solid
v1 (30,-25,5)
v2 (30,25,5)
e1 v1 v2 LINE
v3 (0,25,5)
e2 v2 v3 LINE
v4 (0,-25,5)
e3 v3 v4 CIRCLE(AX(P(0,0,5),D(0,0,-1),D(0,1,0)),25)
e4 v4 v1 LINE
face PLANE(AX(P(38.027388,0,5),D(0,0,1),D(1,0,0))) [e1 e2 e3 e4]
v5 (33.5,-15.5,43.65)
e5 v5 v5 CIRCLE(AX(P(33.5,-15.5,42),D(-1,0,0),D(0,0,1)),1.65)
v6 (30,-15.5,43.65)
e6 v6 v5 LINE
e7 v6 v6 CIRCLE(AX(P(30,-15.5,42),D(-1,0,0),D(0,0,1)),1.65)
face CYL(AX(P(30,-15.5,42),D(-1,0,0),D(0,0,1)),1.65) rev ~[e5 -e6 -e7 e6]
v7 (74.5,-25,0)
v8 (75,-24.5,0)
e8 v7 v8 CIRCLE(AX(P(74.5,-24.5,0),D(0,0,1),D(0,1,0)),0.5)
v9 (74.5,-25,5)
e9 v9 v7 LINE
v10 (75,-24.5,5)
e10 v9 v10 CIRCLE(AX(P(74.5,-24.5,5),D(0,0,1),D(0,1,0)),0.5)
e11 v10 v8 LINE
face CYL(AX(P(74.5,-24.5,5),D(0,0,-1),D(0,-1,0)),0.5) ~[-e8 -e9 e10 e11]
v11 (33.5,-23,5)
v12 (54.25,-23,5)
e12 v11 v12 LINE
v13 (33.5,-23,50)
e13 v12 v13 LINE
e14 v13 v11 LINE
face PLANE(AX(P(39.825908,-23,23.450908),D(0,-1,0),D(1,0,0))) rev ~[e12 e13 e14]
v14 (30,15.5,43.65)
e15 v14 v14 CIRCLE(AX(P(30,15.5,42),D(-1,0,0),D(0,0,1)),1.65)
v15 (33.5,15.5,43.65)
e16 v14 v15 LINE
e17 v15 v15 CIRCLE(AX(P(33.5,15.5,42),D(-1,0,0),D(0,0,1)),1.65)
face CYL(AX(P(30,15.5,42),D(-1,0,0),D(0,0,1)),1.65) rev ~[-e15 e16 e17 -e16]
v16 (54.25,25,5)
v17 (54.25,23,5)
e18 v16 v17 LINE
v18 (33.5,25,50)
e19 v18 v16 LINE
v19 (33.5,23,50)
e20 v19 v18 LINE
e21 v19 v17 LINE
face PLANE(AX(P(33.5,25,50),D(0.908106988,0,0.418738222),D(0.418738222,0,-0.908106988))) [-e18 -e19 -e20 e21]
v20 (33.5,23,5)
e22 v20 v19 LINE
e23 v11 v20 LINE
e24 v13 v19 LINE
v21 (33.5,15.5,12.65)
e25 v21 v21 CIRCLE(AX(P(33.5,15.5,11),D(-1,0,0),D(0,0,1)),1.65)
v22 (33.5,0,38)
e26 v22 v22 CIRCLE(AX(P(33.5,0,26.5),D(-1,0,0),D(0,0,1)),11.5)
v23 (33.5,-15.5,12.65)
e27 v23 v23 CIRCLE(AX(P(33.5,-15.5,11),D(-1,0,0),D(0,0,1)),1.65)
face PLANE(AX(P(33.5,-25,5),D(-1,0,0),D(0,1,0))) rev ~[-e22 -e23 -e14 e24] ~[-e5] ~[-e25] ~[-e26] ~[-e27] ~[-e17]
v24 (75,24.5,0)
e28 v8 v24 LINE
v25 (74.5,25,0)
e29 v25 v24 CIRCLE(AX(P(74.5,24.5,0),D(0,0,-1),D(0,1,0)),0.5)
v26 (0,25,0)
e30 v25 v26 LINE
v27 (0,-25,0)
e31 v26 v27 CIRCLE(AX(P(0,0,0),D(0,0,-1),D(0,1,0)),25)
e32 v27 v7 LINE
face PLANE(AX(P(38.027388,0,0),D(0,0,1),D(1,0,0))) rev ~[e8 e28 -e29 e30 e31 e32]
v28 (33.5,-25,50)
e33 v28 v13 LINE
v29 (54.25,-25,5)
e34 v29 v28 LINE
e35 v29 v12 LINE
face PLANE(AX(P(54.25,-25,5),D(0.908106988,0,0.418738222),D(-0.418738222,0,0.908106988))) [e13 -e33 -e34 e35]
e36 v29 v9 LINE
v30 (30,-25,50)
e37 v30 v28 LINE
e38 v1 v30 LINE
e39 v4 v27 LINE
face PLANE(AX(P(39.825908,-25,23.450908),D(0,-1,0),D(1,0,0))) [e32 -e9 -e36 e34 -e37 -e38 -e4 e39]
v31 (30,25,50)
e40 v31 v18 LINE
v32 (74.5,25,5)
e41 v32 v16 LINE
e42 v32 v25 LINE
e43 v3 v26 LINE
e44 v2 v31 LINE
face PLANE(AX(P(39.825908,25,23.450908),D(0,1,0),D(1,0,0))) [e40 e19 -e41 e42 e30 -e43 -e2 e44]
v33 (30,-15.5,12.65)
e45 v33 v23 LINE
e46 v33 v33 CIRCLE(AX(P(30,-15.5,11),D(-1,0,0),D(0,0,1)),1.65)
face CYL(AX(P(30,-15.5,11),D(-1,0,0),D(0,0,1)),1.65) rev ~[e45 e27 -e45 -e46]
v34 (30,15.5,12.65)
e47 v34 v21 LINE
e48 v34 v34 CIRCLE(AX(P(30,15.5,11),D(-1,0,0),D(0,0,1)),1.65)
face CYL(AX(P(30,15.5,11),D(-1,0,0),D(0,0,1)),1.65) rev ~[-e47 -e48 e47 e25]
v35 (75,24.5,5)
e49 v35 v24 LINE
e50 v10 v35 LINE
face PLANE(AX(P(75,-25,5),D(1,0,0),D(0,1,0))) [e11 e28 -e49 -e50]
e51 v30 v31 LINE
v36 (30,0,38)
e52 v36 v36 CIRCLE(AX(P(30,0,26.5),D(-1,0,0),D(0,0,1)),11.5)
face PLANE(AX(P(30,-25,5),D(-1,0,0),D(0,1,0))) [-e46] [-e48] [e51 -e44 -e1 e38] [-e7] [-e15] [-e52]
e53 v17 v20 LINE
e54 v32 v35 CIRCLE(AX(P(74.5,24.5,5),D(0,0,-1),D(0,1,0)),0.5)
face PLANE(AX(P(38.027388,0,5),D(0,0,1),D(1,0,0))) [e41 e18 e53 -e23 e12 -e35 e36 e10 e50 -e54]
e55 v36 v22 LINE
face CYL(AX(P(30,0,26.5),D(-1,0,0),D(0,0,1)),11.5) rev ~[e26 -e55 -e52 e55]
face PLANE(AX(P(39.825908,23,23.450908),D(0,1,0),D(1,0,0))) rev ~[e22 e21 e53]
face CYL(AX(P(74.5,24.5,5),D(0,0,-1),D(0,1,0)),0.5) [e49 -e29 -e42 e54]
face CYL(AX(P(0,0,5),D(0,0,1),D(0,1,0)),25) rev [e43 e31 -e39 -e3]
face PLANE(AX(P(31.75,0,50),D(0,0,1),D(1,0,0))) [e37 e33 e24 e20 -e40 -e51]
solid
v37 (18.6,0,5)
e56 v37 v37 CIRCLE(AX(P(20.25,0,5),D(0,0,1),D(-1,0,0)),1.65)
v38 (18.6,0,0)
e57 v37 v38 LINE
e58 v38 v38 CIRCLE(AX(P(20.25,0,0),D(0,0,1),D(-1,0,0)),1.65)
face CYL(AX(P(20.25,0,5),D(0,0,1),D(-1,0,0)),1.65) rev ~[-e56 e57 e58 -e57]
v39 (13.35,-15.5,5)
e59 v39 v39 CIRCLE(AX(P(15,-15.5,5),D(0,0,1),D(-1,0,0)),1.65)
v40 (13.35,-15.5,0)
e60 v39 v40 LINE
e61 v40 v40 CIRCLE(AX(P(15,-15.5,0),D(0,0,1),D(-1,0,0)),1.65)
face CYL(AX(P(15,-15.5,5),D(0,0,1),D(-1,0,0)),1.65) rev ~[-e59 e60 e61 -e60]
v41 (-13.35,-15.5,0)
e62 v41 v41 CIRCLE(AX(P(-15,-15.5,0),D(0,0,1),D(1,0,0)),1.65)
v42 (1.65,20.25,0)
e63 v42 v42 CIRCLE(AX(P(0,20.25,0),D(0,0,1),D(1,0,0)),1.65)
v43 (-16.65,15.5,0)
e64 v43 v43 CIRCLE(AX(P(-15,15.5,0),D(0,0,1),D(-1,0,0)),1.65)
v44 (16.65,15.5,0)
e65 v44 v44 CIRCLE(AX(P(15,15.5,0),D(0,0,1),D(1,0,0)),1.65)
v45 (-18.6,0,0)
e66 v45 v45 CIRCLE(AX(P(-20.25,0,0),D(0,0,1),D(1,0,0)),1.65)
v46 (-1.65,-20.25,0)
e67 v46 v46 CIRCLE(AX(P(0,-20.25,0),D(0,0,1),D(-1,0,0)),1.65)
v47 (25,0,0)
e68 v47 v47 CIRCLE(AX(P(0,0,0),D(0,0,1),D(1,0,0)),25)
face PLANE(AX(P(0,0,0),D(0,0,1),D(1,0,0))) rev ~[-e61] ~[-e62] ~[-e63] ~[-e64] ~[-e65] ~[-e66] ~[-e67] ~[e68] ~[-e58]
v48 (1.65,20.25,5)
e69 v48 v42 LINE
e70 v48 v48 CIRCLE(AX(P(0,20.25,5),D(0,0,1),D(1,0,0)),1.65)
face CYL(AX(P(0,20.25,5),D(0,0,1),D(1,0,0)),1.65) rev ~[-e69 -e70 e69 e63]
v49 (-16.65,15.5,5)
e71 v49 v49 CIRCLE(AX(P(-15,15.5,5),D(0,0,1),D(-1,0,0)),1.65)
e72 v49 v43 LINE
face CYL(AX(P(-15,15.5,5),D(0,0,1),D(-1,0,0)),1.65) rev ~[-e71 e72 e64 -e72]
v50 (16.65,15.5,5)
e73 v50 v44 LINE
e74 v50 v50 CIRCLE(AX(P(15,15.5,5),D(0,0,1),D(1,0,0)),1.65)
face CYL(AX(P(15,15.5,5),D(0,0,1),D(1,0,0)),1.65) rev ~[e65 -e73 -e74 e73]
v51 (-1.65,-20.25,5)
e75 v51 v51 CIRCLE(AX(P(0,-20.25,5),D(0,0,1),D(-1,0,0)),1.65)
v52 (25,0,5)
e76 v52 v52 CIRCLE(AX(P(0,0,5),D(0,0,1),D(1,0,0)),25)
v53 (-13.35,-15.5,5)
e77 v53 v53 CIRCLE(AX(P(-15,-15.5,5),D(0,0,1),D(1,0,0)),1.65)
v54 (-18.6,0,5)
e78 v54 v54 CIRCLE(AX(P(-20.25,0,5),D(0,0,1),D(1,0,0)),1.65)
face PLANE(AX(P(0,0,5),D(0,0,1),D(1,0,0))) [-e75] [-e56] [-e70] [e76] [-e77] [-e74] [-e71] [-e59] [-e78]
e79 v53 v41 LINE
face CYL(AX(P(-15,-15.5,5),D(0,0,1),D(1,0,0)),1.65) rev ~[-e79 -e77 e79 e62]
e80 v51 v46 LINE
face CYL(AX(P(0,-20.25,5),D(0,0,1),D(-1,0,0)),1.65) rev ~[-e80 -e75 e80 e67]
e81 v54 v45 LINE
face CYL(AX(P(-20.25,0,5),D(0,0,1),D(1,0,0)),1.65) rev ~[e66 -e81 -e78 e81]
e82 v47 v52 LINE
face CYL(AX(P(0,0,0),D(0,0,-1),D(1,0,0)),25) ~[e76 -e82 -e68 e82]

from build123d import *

# Parameters (mm, degrees)
SKETCH_1_R          = 25
EXTRUDE_1_DEPTH     = 5
SKETCH_3_R          = 1.65
CUT_EXTRUDE_1_DEPTH = 5
EXTRUDE_2_DEPTH     = 5
SKETCH_6_W          = 3.5
SKETCH_6_H          = 50
EXTRUDE_3_DEPTH     = 45
SKETCH_7_R          = 11.5
SKETCH_7_R_2        = 1.65
CUT_EXTRUDE_2_DEPTH = 45
EXTRUDE_4_DEPTH     = 2
EXTRUDE_5_DEPTH     = 2
FILLET_1_R          = 0.5


with BuildPart() as part:
    # 草图1 → 凸台-拉伸1 (new body)
    with BuildSketch(Plane.XY):
        Circle(SKETCH_1_R)
    extrude(amount=EXTRUDE_1_DEPTH)

    # 草图3 → 切除-拉伸1 (cut)
    with BuildSketch(Plane.XY.offset(5)):
        with Locations((0, 20.25)):
            Circle(SKETCH_3_R)
        with Locations((-20.25, 0)):
            Circle(SKETCH_3_R)
        with Locations(Location((0, -20.25, 0), (0, 0, 180))):
            Circle(SKETCH_3_R)
        with Locations(Location((20.25, 0, 0), (0, 0, 180))):
            Circle(SKETCH_3_R)
        with Locations((15, 15.5)):
            Circle(SKETCH_3_R)
        with Locations(Location((15, -15.5, 0), (0, 0, 180))):
            Circle(SKETCH_3_R)
        with Locations((-15, -15.5)):
            Circle(SKETCH_3_R)
        with Locations(Location((-15, 15.5, 0), (0, 0, 180))):
            Circle(SKETCH_3_R)
    extrude(amount=-CUT_EXTRUDE_1_DEPTH, mode=Mode.SUBTRACT)


with BuildPart() as body_2:
    # 草图4 → 凸台-拉伸2 (new body)
    with BuildSketch(Plane.XY.offset(5)):
        with BuildLine():
            ThreePointArc((0, 25), (25, 0), (0, -25))
            Line((0, -25), (75, -25))
            Line((75, -25), (75, 25))
            Line((75, 25), (0, 25))
        make_face()
    extrude(amount=-EXTRUDE_2_DEPTH)

    # 草图6 → 凸台-拉伸3 (add)
    with BuildSketch(Plane.XY.offset(5)):
        with Locations((31.75, 0)):
            Rectangle(SKETCH_6_W, SKETCH_6_H)
    extrude(amount=EXTRUDE_3_DEPTH)

    # 草图7 → 切除-拉伸2 (cut)
    with BuildSketch(Plane.ZY.offset(-30)):
        with Locations((26.5, 0)):
            Circle(SKETCH_7_R)
        with Locations((42, 15.5)):
            Circle(SKETCH_7_R_2)
        with Locations((42, -15.5)):
            Circle(SKETCH_7_R_2)
        with Locations((11, -15.5)):
            Circle(SKETCH_7_R_2)
        with Locations((11, 15.5)):
            Circle(SKETCH_7_R_2)
    extrude(amount=-CUT_EXTRUDE_2_DEPTH, mode=Mode.SUBTRACT)

    # 草图9 → 凸台-拉伸4 (add)
    with BuildSketch(Plane.XZ.offset(25)):
        Polygon((33.5, 5), (54.25, 5), (33.5, 50), align=None)
    extrude(amount=-EXTRUDE_4_DEPTH)

    # 草图10 → 凸台-拉伸5 (add)
    with BuildSketch(Plane(origin=(0, 25, 0), x_dir=(1, 0, 0), z_dir=(0, 1, 0))):
        Polygon((33.5, -50), (54.25, -5), (33.5, -5), align=None)
    extrude(amount=-EXTRUDE_5_DEPTH)

    # 圆角1
    fillet_1_edges = [body_2.edges().sort_by_distance(p)[0] for p in [
        (75, 25, 2.5),
        (75, -25, 2.5),
    ]]
    fillet(fillet_1_edges, radius=FILLET_1_R)


solid = Compound([part.part, body_2.part])
